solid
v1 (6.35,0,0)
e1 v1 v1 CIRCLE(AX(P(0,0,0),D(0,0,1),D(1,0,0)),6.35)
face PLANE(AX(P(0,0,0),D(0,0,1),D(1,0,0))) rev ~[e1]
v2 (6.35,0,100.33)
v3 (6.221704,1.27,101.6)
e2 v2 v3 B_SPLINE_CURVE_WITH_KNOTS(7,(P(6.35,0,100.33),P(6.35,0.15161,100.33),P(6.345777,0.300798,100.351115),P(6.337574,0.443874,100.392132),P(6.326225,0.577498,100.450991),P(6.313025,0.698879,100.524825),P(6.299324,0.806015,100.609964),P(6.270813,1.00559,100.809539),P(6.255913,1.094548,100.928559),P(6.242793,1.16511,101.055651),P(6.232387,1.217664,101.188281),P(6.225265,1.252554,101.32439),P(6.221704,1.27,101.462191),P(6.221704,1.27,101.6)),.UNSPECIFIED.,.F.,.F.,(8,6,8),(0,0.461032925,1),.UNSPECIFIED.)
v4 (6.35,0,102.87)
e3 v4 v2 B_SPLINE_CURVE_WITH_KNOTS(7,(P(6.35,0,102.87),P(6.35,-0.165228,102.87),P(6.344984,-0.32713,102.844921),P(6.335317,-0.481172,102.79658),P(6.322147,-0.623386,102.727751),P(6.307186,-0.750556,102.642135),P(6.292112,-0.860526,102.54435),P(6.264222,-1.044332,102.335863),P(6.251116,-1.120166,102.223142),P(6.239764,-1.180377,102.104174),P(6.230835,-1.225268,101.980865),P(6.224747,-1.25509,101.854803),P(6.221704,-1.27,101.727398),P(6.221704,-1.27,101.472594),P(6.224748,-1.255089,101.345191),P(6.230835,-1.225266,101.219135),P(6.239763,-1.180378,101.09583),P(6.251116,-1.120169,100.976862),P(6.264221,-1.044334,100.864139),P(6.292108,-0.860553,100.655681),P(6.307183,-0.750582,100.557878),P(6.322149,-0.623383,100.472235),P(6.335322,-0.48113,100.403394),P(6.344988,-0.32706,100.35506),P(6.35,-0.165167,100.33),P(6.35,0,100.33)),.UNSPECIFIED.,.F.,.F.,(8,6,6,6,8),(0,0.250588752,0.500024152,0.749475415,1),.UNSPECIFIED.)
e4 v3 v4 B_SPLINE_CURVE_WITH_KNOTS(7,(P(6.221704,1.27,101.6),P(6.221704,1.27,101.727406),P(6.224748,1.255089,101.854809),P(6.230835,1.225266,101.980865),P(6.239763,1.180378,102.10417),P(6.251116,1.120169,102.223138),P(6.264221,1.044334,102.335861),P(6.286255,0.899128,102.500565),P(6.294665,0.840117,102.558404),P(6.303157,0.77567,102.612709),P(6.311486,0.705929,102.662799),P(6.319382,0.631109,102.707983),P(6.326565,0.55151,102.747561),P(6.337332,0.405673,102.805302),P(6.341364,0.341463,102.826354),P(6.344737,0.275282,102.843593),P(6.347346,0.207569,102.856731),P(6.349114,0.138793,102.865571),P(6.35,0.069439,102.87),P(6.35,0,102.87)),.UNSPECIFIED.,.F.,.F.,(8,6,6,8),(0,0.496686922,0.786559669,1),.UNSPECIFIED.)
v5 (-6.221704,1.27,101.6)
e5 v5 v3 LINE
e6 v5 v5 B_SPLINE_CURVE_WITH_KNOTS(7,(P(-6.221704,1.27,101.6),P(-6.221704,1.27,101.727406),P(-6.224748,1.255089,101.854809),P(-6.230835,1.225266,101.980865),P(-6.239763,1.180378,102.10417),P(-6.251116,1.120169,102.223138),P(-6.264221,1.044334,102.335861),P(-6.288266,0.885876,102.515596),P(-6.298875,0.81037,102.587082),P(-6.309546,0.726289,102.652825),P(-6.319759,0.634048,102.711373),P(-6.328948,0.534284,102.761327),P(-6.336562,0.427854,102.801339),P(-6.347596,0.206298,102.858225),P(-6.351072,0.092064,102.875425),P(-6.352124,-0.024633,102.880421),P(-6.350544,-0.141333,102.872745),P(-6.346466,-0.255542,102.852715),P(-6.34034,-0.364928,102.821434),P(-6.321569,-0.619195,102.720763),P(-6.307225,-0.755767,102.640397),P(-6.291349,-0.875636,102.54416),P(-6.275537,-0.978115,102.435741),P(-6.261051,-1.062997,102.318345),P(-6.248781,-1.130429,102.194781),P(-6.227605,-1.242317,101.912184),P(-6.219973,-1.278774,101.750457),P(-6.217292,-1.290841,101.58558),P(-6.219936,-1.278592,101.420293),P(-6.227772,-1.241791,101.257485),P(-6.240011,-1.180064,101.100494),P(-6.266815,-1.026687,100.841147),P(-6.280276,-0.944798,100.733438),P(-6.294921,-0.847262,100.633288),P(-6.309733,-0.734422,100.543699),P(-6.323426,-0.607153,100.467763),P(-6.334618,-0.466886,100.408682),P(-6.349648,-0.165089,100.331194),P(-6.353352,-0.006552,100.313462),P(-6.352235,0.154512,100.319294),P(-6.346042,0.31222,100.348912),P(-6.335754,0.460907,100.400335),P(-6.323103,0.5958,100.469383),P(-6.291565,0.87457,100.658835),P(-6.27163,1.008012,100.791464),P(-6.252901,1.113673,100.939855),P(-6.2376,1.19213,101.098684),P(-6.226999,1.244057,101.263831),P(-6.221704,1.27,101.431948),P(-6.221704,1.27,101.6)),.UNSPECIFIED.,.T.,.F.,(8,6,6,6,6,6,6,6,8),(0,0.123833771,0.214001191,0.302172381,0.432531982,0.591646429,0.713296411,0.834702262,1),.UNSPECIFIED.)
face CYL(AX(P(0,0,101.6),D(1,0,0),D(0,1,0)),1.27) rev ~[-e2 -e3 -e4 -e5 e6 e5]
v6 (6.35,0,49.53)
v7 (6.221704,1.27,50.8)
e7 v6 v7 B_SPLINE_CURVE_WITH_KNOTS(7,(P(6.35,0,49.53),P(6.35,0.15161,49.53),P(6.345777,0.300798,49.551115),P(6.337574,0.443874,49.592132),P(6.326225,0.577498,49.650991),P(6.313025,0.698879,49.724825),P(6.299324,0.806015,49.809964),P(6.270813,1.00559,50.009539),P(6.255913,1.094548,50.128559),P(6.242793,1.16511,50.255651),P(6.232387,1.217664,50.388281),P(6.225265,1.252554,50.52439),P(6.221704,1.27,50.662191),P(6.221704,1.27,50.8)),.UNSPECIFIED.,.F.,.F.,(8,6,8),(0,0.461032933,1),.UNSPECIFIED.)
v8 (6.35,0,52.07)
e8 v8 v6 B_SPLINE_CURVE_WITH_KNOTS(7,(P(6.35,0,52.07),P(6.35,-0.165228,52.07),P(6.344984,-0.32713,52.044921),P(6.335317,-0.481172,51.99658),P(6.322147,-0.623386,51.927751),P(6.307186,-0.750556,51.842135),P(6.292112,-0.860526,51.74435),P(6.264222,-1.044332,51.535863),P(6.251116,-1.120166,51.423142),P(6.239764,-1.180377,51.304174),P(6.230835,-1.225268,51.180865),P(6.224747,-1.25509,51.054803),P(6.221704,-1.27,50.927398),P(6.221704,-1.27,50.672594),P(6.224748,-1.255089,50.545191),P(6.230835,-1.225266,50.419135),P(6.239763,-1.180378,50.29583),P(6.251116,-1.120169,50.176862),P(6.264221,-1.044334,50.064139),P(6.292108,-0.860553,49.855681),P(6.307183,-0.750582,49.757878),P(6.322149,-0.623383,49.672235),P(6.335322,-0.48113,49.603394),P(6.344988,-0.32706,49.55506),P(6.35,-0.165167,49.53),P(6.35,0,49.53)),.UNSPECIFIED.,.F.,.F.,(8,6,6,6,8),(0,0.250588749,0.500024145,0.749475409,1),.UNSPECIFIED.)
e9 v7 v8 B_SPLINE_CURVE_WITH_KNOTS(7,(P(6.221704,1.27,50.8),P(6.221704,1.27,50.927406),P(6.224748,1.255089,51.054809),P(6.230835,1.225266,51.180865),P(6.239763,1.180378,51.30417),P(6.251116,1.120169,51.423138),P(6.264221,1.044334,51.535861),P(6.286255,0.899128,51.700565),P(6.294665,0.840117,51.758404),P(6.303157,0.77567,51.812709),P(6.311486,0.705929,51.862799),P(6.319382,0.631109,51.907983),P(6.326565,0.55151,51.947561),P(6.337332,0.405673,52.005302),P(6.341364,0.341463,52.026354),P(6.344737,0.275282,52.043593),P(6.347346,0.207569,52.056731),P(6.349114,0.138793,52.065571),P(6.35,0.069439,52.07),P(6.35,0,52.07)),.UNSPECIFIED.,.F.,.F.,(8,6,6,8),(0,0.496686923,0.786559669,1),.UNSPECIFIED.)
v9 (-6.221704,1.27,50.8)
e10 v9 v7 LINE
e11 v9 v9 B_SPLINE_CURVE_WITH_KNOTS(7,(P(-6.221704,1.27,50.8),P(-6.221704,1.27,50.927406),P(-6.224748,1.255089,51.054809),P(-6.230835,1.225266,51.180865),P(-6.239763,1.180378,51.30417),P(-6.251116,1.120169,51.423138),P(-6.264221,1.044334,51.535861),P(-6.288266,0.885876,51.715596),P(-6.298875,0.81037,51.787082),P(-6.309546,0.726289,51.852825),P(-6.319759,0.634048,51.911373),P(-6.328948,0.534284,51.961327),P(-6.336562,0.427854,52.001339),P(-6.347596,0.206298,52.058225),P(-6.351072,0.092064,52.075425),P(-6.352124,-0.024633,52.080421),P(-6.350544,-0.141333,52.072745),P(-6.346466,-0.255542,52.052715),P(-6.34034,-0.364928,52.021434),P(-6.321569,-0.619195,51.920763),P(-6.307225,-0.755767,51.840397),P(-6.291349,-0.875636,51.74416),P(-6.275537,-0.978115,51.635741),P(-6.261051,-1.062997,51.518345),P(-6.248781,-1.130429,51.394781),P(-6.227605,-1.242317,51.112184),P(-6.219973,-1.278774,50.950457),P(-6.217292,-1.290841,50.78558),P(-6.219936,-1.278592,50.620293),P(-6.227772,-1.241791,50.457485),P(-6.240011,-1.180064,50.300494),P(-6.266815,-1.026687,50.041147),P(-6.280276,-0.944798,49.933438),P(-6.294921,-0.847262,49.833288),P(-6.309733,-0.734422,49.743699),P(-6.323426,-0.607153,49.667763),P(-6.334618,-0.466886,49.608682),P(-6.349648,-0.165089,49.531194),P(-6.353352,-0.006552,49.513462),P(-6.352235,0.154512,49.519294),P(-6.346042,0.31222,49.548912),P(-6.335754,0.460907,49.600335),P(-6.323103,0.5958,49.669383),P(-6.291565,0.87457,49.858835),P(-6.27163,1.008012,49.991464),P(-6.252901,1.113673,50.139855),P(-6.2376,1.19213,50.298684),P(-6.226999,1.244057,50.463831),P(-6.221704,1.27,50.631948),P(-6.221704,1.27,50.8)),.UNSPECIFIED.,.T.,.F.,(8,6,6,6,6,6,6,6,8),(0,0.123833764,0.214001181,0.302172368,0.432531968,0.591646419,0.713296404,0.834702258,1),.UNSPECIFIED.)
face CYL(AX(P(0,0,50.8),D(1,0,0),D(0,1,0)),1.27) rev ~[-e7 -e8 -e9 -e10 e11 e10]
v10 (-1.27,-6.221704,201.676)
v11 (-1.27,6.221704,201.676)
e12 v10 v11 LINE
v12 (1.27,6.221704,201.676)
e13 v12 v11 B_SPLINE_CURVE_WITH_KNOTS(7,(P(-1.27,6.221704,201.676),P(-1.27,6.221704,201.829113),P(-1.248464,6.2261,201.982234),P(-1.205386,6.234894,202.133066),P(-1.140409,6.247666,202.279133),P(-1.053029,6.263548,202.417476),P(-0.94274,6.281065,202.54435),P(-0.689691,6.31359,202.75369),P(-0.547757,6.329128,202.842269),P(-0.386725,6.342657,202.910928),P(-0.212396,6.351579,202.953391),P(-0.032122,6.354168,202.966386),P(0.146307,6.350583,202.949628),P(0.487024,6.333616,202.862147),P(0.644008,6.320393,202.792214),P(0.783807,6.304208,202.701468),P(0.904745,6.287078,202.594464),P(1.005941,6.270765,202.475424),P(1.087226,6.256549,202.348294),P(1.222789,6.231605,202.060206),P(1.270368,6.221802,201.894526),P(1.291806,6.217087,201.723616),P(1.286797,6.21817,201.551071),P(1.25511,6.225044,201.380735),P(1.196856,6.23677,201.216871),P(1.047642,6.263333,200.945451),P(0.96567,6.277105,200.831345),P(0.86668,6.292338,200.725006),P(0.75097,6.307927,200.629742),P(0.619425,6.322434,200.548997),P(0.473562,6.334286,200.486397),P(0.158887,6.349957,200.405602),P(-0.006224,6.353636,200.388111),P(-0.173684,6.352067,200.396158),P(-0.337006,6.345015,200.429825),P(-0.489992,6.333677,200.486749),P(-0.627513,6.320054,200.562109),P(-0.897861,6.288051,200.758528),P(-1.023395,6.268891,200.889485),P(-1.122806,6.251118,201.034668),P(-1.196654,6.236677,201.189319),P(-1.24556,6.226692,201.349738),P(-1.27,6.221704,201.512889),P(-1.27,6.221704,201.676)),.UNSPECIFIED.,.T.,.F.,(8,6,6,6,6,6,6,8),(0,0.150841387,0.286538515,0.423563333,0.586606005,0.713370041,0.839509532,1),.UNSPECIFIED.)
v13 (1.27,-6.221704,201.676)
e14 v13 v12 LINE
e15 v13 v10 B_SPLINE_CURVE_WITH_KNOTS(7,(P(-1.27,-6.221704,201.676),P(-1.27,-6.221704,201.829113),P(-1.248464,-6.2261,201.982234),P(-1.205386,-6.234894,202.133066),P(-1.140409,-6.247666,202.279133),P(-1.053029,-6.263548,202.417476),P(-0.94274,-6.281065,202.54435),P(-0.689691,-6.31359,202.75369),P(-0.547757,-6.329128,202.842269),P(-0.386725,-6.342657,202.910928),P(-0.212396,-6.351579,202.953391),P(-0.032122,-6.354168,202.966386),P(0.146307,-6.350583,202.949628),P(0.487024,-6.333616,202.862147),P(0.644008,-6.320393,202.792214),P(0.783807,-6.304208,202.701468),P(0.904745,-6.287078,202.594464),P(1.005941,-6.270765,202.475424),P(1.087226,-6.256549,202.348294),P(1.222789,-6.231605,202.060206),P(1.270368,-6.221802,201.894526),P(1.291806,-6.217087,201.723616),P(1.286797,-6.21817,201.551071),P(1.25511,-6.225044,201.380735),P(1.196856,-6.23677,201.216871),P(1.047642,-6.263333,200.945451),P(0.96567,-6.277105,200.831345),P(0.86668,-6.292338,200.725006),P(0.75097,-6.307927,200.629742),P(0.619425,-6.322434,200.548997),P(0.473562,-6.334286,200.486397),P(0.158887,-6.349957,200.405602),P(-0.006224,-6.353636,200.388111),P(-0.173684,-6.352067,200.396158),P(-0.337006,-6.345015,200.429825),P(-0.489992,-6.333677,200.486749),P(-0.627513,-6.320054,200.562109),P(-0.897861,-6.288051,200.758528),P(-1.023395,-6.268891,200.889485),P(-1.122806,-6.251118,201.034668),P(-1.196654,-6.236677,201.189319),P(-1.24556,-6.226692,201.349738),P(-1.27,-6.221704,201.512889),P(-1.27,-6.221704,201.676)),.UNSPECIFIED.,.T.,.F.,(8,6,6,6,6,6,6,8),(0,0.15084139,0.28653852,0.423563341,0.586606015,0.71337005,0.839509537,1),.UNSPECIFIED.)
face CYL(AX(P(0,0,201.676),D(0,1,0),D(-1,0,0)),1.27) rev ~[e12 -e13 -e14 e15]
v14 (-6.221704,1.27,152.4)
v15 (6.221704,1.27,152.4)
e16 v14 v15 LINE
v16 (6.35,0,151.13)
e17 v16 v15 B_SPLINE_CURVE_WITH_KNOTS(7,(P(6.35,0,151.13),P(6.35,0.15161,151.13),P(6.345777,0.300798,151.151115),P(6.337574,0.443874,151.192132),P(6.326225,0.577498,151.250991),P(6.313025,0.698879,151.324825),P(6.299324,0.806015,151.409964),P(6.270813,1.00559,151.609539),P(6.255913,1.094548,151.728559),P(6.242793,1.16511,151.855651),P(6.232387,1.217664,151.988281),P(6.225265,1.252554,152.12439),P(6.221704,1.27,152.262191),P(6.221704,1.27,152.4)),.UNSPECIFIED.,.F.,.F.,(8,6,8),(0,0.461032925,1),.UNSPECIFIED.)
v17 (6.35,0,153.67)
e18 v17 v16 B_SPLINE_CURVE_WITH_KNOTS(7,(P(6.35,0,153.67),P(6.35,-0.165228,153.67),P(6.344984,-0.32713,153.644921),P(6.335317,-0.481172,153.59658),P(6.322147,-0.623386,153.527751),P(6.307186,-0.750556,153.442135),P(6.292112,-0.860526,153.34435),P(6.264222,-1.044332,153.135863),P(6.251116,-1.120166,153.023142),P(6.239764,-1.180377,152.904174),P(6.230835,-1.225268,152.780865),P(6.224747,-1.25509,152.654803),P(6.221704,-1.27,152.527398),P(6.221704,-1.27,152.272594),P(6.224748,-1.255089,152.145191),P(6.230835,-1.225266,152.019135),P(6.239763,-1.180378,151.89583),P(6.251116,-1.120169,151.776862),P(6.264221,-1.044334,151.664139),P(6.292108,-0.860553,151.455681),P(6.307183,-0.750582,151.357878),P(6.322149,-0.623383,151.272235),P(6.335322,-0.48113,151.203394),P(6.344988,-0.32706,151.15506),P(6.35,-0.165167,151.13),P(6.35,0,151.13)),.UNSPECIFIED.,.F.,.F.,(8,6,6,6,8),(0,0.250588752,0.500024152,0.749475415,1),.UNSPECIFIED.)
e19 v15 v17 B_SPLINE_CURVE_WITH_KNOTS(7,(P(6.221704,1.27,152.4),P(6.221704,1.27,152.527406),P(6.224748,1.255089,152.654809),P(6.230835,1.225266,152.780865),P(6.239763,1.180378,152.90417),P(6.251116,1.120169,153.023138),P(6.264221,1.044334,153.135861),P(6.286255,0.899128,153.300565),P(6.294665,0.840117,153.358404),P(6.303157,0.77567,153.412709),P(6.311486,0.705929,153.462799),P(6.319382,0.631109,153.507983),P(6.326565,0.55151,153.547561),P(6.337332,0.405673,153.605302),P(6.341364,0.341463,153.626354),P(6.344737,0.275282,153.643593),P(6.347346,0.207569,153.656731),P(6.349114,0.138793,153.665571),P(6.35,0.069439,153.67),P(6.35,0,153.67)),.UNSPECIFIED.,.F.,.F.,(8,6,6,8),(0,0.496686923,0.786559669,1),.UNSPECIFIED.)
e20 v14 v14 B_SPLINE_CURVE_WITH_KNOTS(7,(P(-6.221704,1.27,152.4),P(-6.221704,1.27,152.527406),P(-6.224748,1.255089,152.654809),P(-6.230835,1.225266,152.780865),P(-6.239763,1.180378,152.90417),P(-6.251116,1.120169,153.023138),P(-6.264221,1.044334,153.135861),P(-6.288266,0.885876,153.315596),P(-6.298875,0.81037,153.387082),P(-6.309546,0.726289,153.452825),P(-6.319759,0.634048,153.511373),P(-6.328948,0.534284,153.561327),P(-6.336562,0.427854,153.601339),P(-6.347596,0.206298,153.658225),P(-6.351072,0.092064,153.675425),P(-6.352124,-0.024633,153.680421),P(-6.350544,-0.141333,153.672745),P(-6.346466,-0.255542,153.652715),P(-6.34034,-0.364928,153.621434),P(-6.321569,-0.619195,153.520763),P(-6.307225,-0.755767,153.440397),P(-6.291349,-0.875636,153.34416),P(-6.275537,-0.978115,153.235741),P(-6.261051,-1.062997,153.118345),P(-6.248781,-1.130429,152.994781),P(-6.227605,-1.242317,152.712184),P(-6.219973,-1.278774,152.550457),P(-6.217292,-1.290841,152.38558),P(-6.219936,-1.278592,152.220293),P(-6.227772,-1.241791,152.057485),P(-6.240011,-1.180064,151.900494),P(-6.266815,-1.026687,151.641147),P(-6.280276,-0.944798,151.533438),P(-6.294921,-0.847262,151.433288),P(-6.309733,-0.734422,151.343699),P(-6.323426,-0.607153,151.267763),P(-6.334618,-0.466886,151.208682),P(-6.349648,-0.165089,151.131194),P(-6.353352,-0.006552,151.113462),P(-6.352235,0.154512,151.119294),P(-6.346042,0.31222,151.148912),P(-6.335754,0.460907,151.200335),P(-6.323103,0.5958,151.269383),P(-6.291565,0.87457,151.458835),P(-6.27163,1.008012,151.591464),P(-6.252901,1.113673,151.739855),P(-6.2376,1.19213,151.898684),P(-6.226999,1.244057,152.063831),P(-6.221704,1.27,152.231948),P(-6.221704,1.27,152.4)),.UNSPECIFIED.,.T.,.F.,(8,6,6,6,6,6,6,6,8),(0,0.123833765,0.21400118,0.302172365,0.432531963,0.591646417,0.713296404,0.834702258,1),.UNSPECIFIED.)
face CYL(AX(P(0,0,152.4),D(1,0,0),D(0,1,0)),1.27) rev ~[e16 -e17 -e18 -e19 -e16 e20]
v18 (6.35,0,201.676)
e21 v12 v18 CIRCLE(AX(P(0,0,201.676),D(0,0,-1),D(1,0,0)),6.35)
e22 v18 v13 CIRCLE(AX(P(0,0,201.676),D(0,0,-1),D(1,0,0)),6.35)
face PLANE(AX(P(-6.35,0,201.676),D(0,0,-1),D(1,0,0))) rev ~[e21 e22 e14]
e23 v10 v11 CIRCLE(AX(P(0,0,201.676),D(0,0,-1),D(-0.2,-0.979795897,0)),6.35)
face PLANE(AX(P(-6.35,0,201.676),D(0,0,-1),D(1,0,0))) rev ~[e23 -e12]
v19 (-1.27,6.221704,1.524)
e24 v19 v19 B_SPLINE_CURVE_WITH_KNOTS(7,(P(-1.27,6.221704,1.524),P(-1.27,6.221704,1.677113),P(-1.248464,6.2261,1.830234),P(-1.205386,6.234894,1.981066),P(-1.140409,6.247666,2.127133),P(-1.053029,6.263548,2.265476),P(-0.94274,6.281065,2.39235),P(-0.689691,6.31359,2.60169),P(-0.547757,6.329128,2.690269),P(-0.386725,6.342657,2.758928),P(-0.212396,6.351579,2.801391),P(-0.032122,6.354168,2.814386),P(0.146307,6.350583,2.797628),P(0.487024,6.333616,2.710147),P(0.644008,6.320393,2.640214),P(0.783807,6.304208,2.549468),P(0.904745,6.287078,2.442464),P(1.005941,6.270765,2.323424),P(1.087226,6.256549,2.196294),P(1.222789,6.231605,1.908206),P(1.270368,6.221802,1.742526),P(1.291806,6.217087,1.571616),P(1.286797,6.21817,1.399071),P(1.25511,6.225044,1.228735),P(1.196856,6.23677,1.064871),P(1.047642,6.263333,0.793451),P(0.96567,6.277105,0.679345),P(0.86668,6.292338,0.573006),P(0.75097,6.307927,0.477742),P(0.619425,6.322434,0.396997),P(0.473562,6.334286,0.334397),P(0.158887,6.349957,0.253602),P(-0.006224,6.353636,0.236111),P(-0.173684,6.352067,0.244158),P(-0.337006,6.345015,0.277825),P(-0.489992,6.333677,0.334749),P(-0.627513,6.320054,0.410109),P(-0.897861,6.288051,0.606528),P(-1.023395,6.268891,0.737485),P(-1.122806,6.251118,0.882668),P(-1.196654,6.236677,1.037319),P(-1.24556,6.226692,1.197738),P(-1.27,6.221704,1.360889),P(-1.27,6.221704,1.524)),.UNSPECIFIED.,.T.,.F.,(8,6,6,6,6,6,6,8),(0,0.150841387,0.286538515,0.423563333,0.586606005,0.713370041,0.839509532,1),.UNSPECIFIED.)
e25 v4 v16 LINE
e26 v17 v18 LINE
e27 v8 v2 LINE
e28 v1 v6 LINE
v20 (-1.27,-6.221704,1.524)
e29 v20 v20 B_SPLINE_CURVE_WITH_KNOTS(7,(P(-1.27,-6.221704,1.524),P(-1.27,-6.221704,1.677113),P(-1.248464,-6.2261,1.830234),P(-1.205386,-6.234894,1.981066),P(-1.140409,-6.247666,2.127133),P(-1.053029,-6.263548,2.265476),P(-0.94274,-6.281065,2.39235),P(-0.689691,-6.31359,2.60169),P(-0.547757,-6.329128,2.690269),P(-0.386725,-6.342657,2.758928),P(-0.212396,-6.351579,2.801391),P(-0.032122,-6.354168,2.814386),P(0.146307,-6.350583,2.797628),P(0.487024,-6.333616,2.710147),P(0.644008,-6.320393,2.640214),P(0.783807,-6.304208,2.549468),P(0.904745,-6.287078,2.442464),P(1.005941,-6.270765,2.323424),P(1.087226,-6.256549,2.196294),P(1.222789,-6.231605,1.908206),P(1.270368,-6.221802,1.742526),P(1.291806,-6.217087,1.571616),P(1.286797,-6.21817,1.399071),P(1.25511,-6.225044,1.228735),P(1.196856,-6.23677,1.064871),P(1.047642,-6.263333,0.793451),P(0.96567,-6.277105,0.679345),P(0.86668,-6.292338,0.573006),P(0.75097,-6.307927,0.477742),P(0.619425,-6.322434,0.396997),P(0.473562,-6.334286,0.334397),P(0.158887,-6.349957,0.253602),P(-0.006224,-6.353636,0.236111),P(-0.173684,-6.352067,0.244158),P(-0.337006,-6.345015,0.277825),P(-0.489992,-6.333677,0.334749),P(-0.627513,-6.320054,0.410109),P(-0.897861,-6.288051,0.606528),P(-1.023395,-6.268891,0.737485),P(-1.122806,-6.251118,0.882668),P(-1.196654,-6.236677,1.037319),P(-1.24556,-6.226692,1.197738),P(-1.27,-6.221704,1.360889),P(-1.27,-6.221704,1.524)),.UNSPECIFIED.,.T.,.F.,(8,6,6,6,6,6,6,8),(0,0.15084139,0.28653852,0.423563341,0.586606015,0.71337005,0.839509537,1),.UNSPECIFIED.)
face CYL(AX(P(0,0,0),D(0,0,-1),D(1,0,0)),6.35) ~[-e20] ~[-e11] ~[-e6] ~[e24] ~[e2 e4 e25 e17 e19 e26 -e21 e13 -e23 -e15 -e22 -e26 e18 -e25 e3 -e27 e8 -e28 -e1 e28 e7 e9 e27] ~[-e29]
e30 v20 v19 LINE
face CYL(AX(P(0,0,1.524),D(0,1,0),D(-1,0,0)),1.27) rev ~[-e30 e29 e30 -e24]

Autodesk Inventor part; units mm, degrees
ref_plane "YZ Plane" through (0, 0, 0) normal (1, 0, 0) x (0, 1, 0)
ref_plane "XZ Plane" through (0, 0, 0) normal (0, 1, 0) x (-1, 0, 0)
ref_plane "XY Plane" through (0, 0, 0) normal (0, 0, 1) x (1, 0, 0)
sketch "Sketch1" plane through (0, 0, 0) normal (0, 0, 1) x (1, 0, 0)
  circle A0 centre (0, 0) radius 6.35
  dimension "d0" = 12.7
extrude "Extrusion1" add sketch "Sketch1" along normal blind 203.2
sketch "Sketch4" plane through (0, 0, 0) normal (0, 1, 0) x (-1, 0, 0)
  line L0 (0, 0) -> (0, 1.524)
  line L1 (6.35, 203.2) -> (-6.35, 203.2) projected
  line L2 (0, 203.2) -> (0, 201.676)
  circle A0 centre (0, 201.676) radius 1.27
  circle A1 centre (0, 1.524) radius 1.27
  dimension "d13" = 1.524
  dimension "d15" = 1.524
  dimension "d16" = 2.54
  dimension "d19" = 2.54
extrude "Extrusion4" cut sketch "Sketch4" along normal mid plane 15.24
sketch "Sketch5" plane through (0, 0, 0) normal (0, 1, 0) x (-1, 0, 0)
  line L0 (0, 1.524) -> (-1.27, 1.524)
  line L1 (-6.35, 0) -> (6.35, 0) projected
  line L2 (-1.27, 0) -> (1.27, 0)
  line L3 (1.27, 1.524) -> (0, 1.524)
  line L4 (1.27, 1.524) -> (6.35, 1.524)
  line L5 (6.35, 0) -> (6.35, 203.2) projected
  line L6 (6.35, 1.524) -> (-6.35, 1.524)
  line L7 (-6.35, 1.524) -> (-6.35, 0)
  line L8 (-6.35, 0) -> (6.35, 0)
  line L9 (6.35, 0) -> (6.35, 1.524)
  line L10 (6.35, 203.2) -> (-6.35, 203.2) projected
  line L11 (-6.35, 203.2) -> (6.35, 203.2)
  line L12 (6.35, 203.2) -> (6.35, 201.676)
  line L13 (6.35, 201.676) -> (-6.35, 201.676)
  line L14 (-6.35, 201.676) -> (-6.35, 203.2)
  point P0 (0, 0)
  dimension "d20" = 1.524
  dimension "d21" = 1.27
  dimension "d26" = 12.7
  dimension "d27" = 1.524
sketch "Sketch7" plane through (0, 0, 0) normal (1, 0, 0) x (0, 1, 0)
  line L0 (0, 0) -> (0, 50.8)
  circle A0 centre (0, 50.8) radius 1.27
  line L1 (0, 50.8) -> (0, 101.6)
  circle A1 centre (0, 101.6) radius 1.27
  line L2 (0, 101.6) -> (0, 152.4)
  circle A2 centre (0, 152.4) radius 1.27
  dimension "d42" = 50.8
  dimension "d43" = 2.54
  dimension "d44" = 50.8
  dimension "d45" = 2.54
  dimension "d46" = 50.8
  dimension "d47" = 2.54
extrude "Extrusion8" cut sketch "Sketch7" along normal mid plane 25.4
extrude "Extrusion9" cut sketch "Sketch5" along normal mid plane 25.4 contours L13 L14 L10 L5
properties part number "Straw"
